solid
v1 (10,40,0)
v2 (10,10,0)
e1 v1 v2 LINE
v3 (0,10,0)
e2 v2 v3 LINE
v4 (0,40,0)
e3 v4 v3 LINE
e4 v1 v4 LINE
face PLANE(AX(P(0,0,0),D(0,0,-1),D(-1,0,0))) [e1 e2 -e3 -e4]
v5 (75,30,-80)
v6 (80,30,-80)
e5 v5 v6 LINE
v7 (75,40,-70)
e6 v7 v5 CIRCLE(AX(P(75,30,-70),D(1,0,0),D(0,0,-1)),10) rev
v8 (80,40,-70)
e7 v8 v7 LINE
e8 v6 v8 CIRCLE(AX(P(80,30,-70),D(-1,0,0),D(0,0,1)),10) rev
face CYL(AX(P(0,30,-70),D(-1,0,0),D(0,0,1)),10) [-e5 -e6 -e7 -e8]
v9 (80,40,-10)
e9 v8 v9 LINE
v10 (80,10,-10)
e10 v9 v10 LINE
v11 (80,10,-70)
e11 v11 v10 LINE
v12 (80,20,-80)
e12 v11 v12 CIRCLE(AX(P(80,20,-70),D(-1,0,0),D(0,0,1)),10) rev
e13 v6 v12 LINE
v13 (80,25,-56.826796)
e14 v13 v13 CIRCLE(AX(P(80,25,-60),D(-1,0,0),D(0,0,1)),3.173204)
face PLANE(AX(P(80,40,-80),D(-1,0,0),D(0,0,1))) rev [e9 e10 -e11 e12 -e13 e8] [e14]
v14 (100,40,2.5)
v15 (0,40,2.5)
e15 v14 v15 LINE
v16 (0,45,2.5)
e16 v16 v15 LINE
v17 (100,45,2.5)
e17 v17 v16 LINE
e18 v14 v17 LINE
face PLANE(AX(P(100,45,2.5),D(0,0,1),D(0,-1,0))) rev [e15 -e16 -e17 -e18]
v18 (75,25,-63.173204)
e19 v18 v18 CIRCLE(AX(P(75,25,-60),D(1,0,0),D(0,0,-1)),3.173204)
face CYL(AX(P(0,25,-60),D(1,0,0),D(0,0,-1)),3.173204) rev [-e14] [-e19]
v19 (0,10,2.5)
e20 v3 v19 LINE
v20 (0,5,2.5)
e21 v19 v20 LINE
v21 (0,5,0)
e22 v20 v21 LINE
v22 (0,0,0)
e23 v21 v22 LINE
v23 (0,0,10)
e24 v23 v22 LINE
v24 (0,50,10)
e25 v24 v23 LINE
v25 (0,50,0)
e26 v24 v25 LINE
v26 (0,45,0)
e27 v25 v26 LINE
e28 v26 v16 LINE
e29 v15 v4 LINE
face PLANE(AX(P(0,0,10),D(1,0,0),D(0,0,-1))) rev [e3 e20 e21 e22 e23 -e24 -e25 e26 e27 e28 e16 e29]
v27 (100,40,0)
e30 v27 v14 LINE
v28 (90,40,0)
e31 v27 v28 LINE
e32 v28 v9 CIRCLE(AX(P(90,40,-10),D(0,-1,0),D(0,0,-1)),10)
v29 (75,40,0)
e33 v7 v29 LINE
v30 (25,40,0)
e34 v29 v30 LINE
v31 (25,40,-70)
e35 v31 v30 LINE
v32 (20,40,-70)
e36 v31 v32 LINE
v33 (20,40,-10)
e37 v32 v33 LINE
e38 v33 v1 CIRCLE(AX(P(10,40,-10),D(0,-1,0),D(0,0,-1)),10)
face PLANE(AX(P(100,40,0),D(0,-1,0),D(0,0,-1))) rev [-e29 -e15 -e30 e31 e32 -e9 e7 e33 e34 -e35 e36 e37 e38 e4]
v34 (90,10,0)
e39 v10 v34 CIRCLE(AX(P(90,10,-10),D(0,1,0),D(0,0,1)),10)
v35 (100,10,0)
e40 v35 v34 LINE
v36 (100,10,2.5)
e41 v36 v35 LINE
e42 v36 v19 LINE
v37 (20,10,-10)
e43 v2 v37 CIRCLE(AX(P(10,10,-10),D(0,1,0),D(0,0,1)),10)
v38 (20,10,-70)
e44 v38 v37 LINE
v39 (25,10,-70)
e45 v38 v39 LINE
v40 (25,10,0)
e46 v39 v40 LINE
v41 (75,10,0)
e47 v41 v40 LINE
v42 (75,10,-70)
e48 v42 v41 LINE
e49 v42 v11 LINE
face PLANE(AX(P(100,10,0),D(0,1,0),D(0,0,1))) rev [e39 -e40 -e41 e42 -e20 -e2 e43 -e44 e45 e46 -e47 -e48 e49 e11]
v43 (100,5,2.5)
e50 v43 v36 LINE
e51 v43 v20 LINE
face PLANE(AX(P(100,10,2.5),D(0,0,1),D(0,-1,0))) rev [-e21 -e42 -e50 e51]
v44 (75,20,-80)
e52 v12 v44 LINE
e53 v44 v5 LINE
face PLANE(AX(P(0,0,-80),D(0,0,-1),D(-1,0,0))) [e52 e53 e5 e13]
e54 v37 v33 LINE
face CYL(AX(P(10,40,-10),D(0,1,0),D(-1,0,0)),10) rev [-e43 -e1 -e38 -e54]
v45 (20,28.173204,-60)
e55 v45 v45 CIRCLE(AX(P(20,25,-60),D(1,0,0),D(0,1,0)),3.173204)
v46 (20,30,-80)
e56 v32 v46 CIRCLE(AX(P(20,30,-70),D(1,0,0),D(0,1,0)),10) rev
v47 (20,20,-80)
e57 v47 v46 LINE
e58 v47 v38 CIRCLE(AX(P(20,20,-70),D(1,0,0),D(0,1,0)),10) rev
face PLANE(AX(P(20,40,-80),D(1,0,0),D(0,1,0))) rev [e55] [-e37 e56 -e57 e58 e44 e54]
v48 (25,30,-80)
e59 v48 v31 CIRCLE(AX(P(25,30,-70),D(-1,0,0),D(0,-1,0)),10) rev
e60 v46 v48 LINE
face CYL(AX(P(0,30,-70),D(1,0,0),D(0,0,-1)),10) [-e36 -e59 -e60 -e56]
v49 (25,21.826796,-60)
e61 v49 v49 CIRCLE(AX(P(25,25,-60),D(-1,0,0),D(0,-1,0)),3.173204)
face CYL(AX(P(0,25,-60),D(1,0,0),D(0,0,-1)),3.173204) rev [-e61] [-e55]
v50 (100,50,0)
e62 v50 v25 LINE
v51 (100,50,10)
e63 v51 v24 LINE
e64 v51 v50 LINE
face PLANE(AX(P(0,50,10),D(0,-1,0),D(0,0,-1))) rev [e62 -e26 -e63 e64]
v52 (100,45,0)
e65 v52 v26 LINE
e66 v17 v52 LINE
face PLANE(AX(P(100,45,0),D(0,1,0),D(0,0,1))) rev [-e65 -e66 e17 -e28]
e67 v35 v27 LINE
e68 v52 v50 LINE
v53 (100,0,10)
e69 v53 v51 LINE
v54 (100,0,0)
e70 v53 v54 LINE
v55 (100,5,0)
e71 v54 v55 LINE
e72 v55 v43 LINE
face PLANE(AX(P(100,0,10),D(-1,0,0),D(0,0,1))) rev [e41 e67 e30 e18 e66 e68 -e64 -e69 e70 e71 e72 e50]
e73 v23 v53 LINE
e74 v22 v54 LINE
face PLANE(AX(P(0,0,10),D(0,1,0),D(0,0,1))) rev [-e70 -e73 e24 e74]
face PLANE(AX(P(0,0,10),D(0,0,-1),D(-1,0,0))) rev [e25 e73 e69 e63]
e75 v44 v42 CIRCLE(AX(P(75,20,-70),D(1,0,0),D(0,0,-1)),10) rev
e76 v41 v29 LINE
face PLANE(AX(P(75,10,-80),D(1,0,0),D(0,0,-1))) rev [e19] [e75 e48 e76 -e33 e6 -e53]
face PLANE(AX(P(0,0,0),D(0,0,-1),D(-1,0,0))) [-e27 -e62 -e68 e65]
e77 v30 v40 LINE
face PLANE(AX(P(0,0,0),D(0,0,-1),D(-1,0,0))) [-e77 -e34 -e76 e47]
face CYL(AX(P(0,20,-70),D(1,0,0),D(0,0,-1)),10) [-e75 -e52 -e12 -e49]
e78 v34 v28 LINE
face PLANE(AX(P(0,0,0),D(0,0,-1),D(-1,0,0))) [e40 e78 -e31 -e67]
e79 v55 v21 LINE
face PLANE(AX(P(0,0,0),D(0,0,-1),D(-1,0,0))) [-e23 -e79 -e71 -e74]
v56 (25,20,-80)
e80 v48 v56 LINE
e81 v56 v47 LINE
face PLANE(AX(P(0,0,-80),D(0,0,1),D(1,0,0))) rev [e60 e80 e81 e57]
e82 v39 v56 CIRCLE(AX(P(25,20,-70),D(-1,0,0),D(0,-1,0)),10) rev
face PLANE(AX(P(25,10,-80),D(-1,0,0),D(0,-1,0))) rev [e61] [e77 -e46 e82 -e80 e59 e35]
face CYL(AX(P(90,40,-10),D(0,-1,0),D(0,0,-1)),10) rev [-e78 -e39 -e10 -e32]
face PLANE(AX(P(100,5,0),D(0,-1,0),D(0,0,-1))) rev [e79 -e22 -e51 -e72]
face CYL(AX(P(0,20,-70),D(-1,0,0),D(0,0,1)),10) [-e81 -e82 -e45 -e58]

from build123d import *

# Parameters (mm, degrees)
SKETCH1_W               = 100
SKETCH1_H               = 50
BOSS_EXTRUDE1_DEPTH     = 10
SKETCH2_W               = 2.5
SKETCH2_H               = 5
CUT_EXTRUDE1_DEPTH      = 1
CUT_EXTRUDE1_DEPTH_BACK = 101
SKETCH4_W               = 5
SKETCH4_H               = 30
BOSS_EXTRUDE2_DEPTH     = 80
SKETCH5_R               = 3.173204402
CUT_EXTRUDE3_DEPTH      = 21
CUT_EXTRUDE3_DEPTH_BACK = 81
FILLET1_R               = 10
FILLET2_R               = 10


with BuildPart() as part:
    # Sketch1 → Boss-Extrude1 (new body)
    with BuildSketch(Plane.XY):
        with Locations((50, 25)):
            Rectangle(SKETCH1_W, SKETCH1_H)
    extrude(amount=BOSS_EXTRUDE1_DEPTH)

    # Sketch2 → Cut-Extrude1 (cut, two sides)
    with BuildSketch(Plane.ZY) as cut_extrude1_sk:
        with Locations((1.25, 42.5)):
            Rectangle(SKETCH2_W, SKETCH2_H)
        with Locations((1.25, 7.5)):
            Rectangle(SKETCH2_W, SKETCH2_H)
    extrude(amount=CUT_EXTRUDE1_DEPTH, mode=Mode.SUBTRACT)
    extrude(cut_extrude1_sk.sketch, amount=-CUT_EXTRUDE1_DEPTH_BACK, mode=Mode.SUBTRACT)

    # Sketch4 → Boss-Extrude2 (add)
    with BuildSketch(Plane(origin=(0, 0, 0), x_dir=(-1, 0, 0), z_dir=(0, 0, -1))):
        with Locations((-77.5, 25)):
            Rectangle(SKETCH4_W, SKETCH4_H)
        with Locations((-22.5, 25)):
            Rectangle(SKETCH4_W, SKETCH4_H)
    extrude(amount=BOSS_EXTRUDE2_DEPTH)

    # Sketch5 → Cut-Extrude3 (cut, two sides)
    with BuildSketch(Plane(origin=(80, 0, 0), x_dir=(0, 0, -1), z_dir=(1, 0, 0))) as cut_extrude3_sk:
        with Locations((60, 25)):
            Circle(SKETCH5_R)
    extrude(amount=CUT_EXTRUDE3_DEPTH, mode=Mode.SUBTRACT)
    extrude(cut_extrude3_sk.sketch, amount=-CUT_EXTRUDE3_DEPTH_BACK, mode=Mode.SUBTRACT)

    # Fillet1
    fillet1_edges = [part.edges().sort_by_distance(p)[0] for p in [
        (77.5, 40, -80),
        (77.5, 10, -80),
        (22.5, 10, -80),
        (22.5, 40, -80),
    ]]
    fillet(fillet1_edges, radius=FILLET1_R)

    # Fillet2
    fillet2_edges = [part.edges().sort_by_distance(p)[0] for p in [
        (80, 25, 0),
        (20, 25, 0),
    ]]
    fillet(fillet2_edges, radius=FILLET2_R)


solid = part.part
